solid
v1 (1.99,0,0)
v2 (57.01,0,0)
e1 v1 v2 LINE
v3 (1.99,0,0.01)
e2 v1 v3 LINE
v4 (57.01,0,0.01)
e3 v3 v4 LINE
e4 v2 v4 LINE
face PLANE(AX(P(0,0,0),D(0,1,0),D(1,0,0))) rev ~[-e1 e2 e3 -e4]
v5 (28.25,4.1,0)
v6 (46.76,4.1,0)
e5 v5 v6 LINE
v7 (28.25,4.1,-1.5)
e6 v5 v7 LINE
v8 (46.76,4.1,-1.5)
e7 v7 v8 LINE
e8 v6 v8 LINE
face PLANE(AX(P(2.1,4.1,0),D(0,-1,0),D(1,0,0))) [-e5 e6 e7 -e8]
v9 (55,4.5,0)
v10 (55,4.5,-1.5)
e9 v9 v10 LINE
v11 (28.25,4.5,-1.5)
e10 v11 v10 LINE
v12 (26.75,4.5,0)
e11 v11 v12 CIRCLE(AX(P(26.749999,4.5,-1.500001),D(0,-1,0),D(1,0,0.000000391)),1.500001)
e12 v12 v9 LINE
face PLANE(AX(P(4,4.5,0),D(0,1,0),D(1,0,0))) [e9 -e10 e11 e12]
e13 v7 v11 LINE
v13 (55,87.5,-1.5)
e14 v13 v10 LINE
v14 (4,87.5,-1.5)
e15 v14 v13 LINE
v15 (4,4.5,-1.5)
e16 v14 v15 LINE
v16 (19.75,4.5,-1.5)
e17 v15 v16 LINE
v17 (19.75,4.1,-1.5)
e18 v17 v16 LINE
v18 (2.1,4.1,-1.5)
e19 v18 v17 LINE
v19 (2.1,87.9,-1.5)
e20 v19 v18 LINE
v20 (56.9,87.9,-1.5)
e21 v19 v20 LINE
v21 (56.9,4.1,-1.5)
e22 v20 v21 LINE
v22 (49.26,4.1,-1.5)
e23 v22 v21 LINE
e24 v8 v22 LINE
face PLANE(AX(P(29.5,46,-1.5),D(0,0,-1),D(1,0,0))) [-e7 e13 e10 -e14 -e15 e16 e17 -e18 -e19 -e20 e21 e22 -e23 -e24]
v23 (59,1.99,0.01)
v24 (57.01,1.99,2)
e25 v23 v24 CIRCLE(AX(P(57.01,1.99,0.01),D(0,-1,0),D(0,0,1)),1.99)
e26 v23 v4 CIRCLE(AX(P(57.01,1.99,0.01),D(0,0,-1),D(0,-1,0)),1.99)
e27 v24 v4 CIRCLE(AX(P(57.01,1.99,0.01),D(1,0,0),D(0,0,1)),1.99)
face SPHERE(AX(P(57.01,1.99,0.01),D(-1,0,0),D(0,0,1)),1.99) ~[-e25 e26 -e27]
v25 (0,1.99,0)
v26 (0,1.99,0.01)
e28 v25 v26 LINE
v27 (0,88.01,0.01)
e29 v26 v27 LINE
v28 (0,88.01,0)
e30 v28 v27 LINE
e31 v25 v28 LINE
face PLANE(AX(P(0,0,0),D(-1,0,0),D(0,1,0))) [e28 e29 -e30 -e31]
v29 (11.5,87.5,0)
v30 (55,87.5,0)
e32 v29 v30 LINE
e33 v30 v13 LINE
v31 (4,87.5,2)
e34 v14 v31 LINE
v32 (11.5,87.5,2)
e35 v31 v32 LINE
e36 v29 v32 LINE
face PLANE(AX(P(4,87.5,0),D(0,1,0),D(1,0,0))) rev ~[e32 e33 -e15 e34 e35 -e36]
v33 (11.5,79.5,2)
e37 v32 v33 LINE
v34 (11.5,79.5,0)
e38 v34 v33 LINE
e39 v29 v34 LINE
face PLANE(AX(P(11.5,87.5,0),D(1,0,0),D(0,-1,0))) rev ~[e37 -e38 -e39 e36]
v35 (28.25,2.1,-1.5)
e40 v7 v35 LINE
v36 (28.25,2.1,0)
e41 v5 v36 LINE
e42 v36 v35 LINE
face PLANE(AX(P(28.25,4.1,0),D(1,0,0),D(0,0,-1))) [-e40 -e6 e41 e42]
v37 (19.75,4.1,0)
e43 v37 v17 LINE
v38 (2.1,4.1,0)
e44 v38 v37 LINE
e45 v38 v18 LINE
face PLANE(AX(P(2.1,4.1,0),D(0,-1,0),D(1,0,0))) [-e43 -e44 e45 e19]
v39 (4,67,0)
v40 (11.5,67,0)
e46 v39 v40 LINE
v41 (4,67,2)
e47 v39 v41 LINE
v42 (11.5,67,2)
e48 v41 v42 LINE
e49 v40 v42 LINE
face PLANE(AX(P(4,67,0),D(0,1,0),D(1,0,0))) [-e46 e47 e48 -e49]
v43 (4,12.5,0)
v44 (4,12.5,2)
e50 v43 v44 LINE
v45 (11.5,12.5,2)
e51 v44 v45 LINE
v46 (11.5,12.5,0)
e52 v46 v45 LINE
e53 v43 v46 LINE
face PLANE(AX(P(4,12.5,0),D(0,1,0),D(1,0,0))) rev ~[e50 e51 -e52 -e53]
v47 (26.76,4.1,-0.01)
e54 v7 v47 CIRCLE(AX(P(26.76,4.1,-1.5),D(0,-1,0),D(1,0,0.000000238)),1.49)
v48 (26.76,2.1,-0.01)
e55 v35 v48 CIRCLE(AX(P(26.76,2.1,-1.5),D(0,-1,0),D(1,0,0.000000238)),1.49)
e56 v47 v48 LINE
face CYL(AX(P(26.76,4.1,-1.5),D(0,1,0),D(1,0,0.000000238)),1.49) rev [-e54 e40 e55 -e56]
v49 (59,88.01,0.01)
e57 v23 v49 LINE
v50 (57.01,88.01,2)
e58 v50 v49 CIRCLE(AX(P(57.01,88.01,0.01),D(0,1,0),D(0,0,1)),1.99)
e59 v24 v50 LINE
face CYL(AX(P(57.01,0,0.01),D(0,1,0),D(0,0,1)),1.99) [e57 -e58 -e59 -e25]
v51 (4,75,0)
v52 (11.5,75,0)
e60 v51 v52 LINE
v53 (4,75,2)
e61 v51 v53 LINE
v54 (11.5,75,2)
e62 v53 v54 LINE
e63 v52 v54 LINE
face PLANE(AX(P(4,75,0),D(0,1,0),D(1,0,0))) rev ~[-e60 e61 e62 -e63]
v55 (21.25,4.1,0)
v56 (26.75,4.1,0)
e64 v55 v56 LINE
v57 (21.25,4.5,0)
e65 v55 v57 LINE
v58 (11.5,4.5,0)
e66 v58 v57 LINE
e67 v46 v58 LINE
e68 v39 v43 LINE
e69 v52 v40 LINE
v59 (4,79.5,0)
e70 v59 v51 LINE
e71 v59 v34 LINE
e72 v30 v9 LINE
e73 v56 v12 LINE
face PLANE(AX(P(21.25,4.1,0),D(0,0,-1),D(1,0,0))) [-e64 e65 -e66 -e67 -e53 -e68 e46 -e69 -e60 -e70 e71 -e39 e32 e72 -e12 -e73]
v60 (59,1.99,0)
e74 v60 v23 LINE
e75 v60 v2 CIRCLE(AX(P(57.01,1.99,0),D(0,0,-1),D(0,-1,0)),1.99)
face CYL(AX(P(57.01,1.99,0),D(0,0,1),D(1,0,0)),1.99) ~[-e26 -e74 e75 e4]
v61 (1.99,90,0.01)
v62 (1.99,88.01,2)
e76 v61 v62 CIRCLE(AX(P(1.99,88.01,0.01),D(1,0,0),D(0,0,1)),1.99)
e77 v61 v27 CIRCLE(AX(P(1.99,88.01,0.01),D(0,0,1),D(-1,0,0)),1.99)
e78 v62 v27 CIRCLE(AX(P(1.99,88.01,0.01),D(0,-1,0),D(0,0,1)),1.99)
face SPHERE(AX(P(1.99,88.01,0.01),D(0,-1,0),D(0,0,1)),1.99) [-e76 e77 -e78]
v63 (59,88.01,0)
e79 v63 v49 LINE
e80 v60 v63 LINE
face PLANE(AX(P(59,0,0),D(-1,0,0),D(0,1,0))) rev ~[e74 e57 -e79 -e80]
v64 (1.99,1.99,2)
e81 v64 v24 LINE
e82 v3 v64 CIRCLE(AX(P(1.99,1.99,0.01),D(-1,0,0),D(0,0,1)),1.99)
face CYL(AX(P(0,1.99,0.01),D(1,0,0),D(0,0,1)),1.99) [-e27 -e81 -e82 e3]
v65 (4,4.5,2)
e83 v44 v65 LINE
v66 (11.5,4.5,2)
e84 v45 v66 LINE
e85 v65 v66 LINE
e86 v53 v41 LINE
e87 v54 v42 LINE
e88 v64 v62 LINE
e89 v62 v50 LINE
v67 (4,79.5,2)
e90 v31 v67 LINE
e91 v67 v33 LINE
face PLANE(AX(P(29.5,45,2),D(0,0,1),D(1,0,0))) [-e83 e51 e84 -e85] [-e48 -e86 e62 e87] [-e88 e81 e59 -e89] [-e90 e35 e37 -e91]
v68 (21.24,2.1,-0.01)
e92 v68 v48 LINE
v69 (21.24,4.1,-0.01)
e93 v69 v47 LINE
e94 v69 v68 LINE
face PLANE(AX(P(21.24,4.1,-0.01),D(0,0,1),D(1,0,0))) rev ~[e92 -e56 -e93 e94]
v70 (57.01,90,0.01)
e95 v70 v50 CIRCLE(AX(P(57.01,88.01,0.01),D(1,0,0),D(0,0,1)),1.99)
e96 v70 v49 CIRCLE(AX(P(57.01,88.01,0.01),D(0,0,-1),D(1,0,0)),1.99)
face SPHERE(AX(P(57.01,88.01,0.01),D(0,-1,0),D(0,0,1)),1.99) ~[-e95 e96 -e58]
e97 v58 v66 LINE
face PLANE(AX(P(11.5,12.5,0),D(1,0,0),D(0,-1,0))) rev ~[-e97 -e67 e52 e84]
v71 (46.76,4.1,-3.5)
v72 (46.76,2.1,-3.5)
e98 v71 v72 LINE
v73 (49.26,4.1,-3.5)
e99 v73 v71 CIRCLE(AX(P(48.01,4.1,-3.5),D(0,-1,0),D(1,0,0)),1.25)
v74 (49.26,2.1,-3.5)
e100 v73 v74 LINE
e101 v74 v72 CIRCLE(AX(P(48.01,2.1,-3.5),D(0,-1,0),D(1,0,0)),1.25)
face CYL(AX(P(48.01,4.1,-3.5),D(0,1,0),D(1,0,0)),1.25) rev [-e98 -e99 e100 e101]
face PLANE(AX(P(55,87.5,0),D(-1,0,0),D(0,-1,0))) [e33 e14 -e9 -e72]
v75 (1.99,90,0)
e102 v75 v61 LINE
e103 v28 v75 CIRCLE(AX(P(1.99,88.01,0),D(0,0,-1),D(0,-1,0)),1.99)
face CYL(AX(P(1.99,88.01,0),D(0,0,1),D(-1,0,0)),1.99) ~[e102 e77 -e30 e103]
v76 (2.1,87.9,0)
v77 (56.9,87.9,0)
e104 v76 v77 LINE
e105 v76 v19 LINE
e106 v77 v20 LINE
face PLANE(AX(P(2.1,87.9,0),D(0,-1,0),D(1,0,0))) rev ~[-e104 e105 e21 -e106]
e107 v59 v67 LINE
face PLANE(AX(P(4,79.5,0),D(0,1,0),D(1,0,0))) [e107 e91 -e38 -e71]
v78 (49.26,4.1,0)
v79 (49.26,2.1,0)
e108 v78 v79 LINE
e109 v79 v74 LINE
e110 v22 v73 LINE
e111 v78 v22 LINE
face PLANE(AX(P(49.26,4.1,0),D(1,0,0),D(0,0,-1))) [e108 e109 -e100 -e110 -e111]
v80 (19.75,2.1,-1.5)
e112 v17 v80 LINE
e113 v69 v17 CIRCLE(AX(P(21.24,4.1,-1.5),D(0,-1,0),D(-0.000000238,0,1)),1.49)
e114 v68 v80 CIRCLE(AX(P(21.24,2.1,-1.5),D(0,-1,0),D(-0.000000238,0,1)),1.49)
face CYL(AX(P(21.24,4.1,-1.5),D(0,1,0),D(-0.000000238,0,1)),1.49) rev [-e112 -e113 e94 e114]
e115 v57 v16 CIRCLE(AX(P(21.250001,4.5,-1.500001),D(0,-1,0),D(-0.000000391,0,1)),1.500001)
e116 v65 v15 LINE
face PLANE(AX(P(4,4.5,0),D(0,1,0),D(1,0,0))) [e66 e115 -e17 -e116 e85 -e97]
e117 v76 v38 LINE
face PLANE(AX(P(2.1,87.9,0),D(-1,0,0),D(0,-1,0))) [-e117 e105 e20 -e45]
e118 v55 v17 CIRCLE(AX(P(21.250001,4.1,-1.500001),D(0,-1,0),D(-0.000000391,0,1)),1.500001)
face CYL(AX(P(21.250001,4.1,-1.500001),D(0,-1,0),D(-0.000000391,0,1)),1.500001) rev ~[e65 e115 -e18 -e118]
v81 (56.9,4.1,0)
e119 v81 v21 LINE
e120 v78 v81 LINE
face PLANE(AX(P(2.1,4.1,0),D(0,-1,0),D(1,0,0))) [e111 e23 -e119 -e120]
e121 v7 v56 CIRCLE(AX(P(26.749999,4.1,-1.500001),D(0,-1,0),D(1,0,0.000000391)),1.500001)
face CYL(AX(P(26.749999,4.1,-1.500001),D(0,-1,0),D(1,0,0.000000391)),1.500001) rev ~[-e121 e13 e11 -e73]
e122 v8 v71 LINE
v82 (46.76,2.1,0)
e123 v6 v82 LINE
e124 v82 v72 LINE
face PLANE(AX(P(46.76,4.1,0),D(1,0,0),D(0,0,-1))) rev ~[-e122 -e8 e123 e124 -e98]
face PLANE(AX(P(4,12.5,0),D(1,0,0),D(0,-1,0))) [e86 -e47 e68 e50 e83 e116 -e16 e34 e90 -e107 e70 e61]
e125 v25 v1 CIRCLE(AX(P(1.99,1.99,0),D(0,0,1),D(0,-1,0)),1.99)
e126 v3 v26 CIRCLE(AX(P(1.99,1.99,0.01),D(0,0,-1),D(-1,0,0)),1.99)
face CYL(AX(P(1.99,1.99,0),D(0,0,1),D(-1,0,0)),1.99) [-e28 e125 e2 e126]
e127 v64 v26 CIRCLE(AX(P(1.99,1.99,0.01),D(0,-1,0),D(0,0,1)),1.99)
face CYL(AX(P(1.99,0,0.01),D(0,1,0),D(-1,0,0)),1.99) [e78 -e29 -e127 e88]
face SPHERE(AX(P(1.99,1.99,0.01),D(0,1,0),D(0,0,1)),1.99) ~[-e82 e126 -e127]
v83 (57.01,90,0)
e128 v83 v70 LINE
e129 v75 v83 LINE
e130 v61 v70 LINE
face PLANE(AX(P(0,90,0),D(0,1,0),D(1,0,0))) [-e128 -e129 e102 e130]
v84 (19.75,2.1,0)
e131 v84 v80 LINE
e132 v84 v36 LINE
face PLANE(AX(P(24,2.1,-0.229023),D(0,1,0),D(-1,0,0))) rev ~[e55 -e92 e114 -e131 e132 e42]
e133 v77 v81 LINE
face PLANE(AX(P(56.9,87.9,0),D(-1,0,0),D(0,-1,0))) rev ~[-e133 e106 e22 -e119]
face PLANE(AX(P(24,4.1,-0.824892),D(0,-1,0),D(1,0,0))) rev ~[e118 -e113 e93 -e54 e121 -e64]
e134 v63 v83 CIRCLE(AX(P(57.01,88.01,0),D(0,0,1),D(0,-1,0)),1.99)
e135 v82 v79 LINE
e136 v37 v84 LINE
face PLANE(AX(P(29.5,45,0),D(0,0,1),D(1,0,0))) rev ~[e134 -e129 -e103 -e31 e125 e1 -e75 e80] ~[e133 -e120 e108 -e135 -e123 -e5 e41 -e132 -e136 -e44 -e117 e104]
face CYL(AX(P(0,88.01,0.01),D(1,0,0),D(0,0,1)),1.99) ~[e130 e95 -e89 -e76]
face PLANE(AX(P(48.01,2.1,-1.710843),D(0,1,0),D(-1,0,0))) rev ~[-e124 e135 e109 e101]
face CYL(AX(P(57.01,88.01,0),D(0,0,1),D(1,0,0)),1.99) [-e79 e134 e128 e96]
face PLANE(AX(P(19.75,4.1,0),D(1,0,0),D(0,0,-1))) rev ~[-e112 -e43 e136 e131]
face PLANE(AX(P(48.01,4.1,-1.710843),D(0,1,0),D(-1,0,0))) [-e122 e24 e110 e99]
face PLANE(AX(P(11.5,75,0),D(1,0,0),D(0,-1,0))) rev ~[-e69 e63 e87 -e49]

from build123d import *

# Parameters (mm, degrees)
BOX001_W        = 59
BOX001_H        = 90
BOX001_DEPTH    = 2
SKETCH003_W     = 54.8
SKETCH003_H     = 83.8
SKETCH003_W_2   = 51
SKETCH003_H_2   = 83
PAD_DEPTH       = 1.5
SKETCH002_W     = 7.5
SKETCH002_H     = 8
POCKET002_DEPTH = 2
FILLET001_R     = 1.99
PAD001_DEPTH    = 2
POCKET003_DEPTH = 1


with BuildPart() as part:
    # Box001 → Box001 (join)
    with BuildSketch(Plane.XY):
        with Locations((29.5, 45)):
            Rectangle(BOX001_W, BOX001_H)
    extrude(amount=BOX001_DEPTH)

    # Sketch003 (on Face5 of Box001) → Pad (join)
    with BuildSketch(Plane(origin=(0, 0, 0), x_dir=(1, 0, 0), z_dir=(0, 0, -1))):
        with Locations((29.5, -46)):
            Rectangle(SKETCH003_W, SKETCH003_H)
        with Locations((29.5, -46)):
            Rectangle(SKETCH003_W_2, SKETCH003_H_2, mode=Mode.SUBTRACT)
    extrude(amount=PAD_DEPTH)

    # Sketch002 (on Face5 of Box001) → Pocket002 (cut)
    with BuildSketch(Plane(origin=(0, 0, 0), x_dir=(1, 0, 0), z_dir=(0, 0, -1))):
        with Locations((7.75, -8.5)):
            Rectangle(SKETCH002_W, SKETCH002_H)
        with Locations((7.75, -71)):
            Rectangle(SKETCH002_W, SKETCH002_H)
        with Locations((7.75, -83.5)):
            Rectangle(SKETCH002_W, SKETCH002_H)
    extrude(amount=-POCKET002_DEPTH, mode=Mode.SUBTRACT)

    # Fillet001
    fillet001_edges = [part.edges().sort_by_distance(p)[0] for p in [
        (0, 45, 2),
        (29.5, 0, 2),
        (59, 45, 2),
        (29.5, 90, 2),
        (59, 0, 1),
        (0, 0, 1),
        (59, 90, 1),
        (0, 90, 1),
    ]]
    fillet(fillet001_edges, radius=FILLET001_R)

    # Sketch004 (on Face13 of Fillet001) → Pad001 (join)
    with BuildSketch(Plane.XZ.offset(-4.1)):
        with BuildLine():
            Line((19.75, 0), (28.25, 0))
            Line((28.25, 0), (28.25, -1.5))
            ThreePointArc((28.25, -1.5), (27.813589, -0.446411), (26.76, -0.01))
            Line((21.24, -0.01), (26.76, -0.01))
            ThreePointArc((21.24, -0.01), (20.186411, -0.446411), (19.75, -1.5))
            Line((19.75, 0), (19.75, -1.5))
        make_face()
        with BuildLine():
            Line((46.76, 0), (49.26, 0))
            Line((49.26, 0), (49.26, -3.5))
            ThreePointArc((49.26, -3.5), (48.01, -2.25), (46.76, -3.5))
            Line((46.76, 0), (46.76, -3.5))
        make_face()
    extrude(amount=PAD001_DEPTH)

    # Sketch005 (on Face9 of Pad) → Pocket003 (cut)
    with BuildSketch(Plane.XZ.offset(-4.1)):
        with BuildLine():
            ThreePointArc((21.25, 0), (20.18934, -0.43934), (19.75, -1.5))
            Line((19.75, -1.5), (28.25, -1.5))
            ThreePointArc((28.25, -1.5), (27.81066, -0.43934), (26.75, 0))
            Line((21.25, 0), (26.75, 0))
        make_face()
    extrude(amount=-POCKET003_DEPTH, mode=Mode.SUBTRACT)


solid = part.part
